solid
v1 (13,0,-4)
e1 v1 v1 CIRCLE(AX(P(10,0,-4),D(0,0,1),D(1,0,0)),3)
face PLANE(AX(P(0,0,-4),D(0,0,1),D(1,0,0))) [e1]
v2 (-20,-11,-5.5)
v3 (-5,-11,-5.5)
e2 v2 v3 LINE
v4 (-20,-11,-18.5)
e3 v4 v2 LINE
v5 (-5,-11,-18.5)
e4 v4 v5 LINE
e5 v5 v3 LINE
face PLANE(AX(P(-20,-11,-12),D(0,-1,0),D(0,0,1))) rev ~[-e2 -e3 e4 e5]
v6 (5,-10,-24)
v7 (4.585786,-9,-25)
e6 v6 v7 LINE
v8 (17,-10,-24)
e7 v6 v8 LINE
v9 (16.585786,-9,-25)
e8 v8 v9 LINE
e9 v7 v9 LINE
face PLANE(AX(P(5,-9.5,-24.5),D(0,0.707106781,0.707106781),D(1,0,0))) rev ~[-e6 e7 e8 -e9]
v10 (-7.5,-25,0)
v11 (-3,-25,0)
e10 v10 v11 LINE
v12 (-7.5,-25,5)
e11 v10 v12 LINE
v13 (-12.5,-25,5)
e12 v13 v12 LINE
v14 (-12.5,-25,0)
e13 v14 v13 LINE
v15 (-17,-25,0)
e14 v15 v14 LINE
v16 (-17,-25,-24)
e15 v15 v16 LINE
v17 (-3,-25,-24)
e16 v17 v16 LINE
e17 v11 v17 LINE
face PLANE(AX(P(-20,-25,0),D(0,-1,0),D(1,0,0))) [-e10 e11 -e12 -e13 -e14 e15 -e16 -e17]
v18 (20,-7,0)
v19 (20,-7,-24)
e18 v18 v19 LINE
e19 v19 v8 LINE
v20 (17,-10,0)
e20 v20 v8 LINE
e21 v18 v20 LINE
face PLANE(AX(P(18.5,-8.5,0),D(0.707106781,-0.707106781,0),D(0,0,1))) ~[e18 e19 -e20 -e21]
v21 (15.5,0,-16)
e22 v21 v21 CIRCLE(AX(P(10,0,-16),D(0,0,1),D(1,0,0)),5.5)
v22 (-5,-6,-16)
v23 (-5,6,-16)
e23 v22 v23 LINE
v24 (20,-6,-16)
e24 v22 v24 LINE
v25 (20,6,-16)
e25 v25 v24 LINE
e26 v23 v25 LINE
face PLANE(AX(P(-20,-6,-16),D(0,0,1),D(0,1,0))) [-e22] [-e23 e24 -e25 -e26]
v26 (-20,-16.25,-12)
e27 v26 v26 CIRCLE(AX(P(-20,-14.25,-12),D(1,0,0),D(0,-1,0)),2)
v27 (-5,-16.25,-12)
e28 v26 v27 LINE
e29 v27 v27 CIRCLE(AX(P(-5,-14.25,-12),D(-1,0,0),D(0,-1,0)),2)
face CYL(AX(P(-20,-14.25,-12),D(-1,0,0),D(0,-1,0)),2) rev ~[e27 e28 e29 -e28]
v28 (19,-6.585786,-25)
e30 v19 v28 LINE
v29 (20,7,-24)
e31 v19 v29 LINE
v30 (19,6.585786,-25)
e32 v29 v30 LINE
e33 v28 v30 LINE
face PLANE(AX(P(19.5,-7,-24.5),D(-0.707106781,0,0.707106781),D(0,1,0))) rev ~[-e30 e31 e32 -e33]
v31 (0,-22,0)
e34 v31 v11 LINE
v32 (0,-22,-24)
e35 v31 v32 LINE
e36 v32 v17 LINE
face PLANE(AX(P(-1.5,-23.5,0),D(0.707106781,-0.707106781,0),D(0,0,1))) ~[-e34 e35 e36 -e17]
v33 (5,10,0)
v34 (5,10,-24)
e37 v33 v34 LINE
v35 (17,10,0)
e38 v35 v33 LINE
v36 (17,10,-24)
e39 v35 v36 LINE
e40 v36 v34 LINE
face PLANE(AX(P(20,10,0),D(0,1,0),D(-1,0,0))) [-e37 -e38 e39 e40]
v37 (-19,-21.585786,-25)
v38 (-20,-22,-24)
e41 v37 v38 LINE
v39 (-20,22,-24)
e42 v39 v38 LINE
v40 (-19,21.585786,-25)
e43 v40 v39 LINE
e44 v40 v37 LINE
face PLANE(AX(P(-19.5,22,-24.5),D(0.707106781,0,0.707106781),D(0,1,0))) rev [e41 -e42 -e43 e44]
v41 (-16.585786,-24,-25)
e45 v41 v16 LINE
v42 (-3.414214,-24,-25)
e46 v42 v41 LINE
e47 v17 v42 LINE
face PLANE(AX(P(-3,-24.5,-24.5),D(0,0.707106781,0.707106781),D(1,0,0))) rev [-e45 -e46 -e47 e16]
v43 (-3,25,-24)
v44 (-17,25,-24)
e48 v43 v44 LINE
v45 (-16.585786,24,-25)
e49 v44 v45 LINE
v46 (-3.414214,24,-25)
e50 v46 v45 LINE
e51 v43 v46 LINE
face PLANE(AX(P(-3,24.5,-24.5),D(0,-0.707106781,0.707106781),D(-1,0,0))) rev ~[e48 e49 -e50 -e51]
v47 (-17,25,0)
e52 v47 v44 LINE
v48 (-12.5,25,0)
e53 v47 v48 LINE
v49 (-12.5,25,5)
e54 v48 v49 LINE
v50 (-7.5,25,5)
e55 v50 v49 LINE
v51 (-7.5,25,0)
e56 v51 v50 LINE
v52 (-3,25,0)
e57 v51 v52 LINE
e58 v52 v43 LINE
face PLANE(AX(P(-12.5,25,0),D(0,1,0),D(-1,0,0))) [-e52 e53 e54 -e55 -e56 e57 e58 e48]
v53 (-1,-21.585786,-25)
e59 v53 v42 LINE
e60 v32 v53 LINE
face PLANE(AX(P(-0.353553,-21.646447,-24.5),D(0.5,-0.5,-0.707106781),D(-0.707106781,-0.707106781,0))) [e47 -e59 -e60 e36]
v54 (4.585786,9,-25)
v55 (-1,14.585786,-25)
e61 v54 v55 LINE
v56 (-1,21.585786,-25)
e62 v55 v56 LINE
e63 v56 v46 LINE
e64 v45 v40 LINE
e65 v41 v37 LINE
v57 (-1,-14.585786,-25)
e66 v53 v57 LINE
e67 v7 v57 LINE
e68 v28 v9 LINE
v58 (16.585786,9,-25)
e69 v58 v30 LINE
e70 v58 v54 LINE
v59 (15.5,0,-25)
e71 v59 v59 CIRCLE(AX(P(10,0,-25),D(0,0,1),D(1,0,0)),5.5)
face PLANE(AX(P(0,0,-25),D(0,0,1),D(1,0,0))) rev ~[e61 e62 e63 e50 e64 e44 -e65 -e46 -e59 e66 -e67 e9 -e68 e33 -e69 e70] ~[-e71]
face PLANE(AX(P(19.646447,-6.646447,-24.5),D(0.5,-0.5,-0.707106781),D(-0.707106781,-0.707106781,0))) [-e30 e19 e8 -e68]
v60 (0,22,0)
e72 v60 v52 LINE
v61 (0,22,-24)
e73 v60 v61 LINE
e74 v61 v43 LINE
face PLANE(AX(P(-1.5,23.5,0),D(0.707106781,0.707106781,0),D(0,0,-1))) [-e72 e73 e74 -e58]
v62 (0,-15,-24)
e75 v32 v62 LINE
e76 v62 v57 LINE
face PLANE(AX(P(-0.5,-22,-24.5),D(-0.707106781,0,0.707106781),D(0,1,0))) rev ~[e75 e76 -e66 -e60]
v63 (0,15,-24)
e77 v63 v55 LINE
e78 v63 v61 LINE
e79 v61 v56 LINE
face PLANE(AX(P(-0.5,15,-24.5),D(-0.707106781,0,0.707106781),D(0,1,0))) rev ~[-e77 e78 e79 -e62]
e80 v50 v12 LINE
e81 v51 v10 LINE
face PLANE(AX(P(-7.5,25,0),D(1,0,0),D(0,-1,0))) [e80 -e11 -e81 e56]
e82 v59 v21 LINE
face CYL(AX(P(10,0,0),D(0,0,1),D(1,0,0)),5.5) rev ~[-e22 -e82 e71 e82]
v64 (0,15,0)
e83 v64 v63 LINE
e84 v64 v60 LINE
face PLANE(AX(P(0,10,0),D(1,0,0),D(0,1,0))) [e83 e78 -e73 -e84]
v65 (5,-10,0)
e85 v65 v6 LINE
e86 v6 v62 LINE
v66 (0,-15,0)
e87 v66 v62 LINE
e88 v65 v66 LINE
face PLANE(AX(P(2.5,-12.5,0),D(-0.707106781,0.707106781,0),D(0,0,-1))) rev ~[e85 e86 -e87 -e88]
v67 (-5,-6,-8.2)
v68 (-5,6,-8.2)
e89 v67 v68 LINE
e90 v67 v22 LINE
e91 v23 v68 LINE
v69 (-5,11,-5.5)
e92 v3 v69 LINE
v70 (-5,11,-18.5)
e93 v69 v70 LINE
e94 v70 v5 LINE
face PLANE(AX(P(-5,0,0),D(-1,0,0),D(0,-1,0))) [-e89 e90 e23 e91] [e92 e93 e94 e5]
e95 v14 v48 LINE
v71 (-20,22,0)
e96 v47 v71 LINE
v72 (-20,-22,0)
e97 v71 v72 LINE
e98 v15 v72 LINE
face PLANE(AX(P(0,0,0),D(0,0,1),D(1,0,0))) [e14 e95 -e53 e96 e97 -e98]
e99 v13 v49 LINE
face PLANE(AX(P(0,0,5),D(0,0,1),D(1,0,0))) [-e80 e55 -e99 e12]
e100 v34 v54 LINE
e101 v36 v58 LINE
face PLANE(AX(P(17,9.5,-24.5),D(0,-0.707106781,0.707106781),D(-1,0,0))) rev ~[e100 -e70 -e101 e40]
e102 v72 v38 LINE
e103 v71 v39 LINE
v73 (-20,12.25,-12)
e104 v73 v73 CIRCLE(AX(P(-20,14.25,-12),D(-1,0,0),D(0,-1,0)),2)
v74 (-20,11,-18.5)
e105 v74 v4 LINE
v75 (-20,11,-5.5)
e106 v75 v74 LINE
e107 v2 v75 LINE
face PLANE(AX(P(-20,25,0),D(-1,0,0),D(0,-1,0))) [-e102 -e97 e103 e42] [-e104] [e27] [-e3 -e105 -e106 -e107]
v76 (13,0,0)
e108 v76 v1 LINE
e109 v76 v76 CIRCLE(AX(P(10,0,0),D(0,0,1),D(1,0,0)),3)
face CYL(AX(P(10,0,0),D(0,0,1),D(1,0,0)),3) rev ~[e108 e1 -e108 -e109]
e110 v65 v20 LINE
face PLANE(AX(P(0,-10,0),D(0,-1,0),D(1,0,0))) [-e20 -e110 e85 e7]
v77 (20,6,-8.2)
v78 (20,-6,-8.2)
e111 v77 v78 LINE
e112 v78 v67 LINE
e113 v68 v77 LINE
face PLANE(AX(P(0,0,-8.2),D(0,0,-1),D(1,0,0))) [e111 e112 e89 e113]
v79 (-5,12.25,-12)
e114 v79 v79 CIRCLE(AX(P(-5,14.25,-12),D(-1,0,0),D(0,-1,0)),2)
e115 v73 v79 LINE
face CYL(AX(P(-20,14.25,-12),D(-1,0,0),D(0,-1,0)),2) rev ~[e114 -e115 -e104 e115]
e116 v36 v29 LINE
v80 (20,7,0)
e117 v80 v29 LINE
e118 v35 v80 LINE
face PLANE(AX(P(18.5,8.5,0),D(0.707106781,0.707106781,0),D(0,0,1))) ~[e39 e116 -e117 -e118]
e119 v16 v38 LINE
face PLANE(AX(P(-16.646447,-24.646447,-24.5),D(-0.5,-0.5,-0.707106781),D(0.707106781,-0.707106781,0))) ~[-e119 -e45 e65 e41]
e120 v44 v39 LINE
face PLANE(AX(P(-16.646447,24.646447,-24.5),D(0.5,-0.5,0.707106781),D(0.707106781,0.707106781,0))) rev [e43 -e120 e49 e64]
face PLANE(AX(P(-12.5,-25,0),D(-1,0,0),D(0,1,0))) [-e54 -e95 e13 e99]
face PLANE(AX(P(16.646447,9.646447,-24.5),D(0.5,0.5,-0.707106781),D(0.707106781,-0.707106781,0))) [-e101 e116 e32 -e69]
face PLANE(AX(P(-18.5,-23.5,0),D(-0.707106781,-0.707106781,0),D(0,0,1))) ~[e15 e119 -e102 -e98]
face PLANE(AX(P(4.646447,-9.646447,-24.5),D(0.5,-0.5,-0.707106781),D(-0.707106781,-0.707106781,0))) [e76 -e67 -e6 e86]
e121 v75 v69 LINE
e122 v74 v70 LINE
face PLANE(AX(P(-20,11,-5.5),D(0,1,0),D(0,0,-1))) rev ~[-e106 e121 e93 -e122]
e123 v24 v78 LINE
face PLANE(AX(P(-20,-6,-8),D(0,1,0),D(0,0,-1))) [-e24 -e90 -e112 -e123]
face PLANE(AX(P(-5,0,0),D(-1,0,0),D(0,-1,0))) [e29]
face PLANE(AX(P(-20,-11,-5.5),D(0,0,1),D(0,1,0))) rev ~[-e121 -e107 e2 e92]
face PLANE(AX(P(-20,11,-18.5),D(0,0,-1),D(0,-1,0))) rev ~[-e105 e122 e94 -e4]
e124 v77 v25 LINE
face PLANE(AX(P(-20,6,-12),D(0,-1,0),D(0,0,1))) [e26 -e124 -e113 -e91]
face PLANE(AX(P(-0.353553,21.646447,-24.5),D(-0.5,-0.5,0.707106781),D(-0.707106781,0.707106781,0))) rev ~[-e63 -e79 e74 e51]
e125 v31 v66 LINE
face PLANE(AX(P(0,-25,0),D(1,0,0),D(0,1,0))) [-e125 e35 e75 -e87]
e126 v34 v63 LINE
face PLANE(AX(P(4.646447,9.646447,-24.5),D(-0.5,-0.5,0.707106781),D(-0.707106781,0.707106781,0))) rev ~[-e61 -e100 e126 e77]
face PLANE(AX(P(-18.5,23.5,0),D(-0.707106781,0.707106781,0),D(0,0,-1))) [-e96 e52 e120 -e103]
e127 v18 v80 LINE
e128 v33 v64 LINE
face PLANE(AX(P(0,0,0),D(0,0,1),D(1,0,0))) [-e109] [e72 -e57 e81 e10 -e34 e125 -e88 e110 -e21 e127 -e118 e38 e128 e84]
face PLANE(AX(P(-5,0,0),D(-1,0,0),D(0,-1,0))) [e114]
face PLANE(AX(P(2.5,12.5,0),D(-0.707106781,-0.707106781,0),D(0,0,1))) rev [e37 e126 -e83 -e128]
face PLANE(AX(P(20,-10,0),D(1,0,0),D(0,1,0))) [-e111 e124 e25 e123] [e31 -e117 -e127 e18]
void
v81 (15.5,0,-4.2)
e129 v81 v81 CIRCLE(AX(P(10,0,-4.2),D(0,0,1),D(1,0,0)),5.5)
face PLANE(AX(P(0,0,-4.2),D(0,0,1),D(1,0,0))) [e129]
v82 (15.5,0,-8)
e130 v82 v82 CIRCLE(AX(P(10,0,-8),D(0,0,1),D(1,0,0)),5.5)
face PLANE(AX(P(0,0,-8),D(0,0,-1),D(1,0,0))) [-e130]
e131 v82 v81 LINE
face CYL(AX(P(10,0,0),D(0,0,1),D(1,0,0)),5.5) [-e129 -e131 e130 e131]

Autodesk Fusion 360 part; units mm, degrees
sketch "Szkic1" plane through (0, 0, 0) normal (0, 0, 1) x (1, 0, 0)
  line L0 (-20, 25) -> (-20, -25)
  line L1 (-20, -25) -> (0, -25)
  line L2 (0, -25) -> (0, 25)
  line L3 (0, 25) -> (-20, 25)
  line L4 (0, 10) -> (0, -10)
  line L5 (0, -10) -> (20, -10)
  line L6 (20, -10) -> (20, 10)
  line L7 (20, 10) -> (0, 10)
  circle A0 centre (10, 0) radius 3
  circle A1 centre (10, 0) radius 5.5
  line L8 (-12.5, 25) -> (-7.5, 25)
  line L9 (-7.5, 25) -> (-7.5, -25)
  line L10 (-7.5, -25) -> (-12.5, -25)
  line L11 (-12.5, -25) -> (-12.5, 25)
  dimension "d1" = 6
  dimension "d2" = 11
extrude "Wyciągnięcie proste1" add sketch "Szkic1" against normal blind 25 contours L0 L1 L3 L11 | L1 L3 L8 L9 L10 L11 | L1 L2 L3 L4 L9 | L2 L4 L5 L6 L7
extrude "Wyciągnięcie proste2" add sketch "Szkic1" against normal blind 4.2 contours A0 | A1
extrude "Wyciągnięcie proste3" cut sketch "Szkic1" against normal blind 4 contours A0
extrude "Wyciągnięcie proste4" add sketch "Szkic1" along normal blind 5 contours L1 L3 L8 L9 L10 L11
chamfer "Fazowanie1" distance 5 angle 45 1 edges at (0, -10, -12.5)
chamfer "Fazowanie2" distance 5 angle 45 1 edges at (0, 10, -12.5)
chamfer "Fazowanie3" distance 3 angle 45 6 edges at (20, 10, -12.5) (20, -10, -12.5) (0, 25, -12.5) (-20, 25, -12.5) (-20, -25, -12.5) (0, -25, -12.5)
chamfer "Fazowanie4" distance 1 angle 45 1 faces at (-11.8333, 0, -25)
delete_face "Usuń powierzchnię1" 1 faces at (16.159, -0.3074, -24.6667)
sketch "Szkic2" plane through (-20, 0, 0) normal (-1, 0, 0) x (0, -1, 0)
  line L0 (-22, -24) -> (22, -24)
  line L1 (22, -24) -> (22, 0)
  line L2 (22, 0) -> (-22, 0)
  line L3 (-22, 0) -> (-22, -24)
  line L4 (0, -12) -> (12.5, -12)
  line L5 (0, -12) -> (-12.5, -12)
  line L6 (0, -12) -> (12.5, -12)
  line L7 (0, -12) -> (-12.5, -12)
  line L8 (17.5, -4.5) -> (-17.5, -4.5)
  line L9 (-17.5, -4.5) -> (-17.5, -19.5)
  line L10 (-17.5, -19.5) -> (17.5, -19.5)
  line L11 (17.5, -19.5) -> (17.5, -4.5)
  line L12 (17.5, -4.5) -> (-17.5, -19.5) construction
  line L13 (-17.5, -4.5) -> (17.5, -19.5) construction
  line L14 (11, -5.5) -> (-11, -5.5)
  line L15 (-11, -5.5) -> (-11, -18.5)
  line L16 (-11, -18.5) -> (11, -18.5)
  line L17 (11, -18.5) -> (11, -5.5)
  line L18 (11, -5.5) -> (-11, -18.5) construction
  line L19 (-11, -5.5) -> (11, -18.5) construction
  circle A0 centre (-14.25, -12) radius 2
  circle A1 centre (14.25, -12) radius 2
  line L20 (6, -16) -> (-6, -16)
  line L21 (-6, -16) -> (-6, -8)
  line L22 (-6, -8) -> (6, -8)
  line L23 (6, -8) -> (6, -16)
  line L24 (6, -16) -> (-6, -8) construction
  line L25 (-6, -16) -> (6, -8) construction
  point P0 (0, -12)
  point P1 (0, -12)
  point P2 (0, -12)
  dimension "d15" = 12.5
  dimension "d16" = 12.5
  dimension "d18" = 4
  dimension "d19" = 4
extrude "Wyciągnięcie proste5" cut sketch "Szkic2" against normal blind 15 contours L4 L5 L6 L7 L21 L22 L23 | L4 L5 L6 L7 L20 L21 L23 | L4 L5 L6 L7 L14 L15 L17 L21 L22 L23 | L4 L5 L6 L7 L15 L16 L17 L20 L21 L23
extrude "Wyciągnięcie proste6" cut sketch "Szkic2" against normal blind 300 contours L4 L5 L6 L7 L21 L22 L23 | L4 L5 L6 L7 L20 L21 L23
extrude "Wyciągnięcie proste7" cut sketch "Szkic2" against normal blind 15 contours A1 | A0
sketch "Szkic3" plane through (0, 0, -8) normal (0, 0, -1) x (1, 0, 0)
  line L0 (-5, 6) -> (-5, -6)
  line L1 (-5, -6) -> (20, -6)
  line L2 (20, -6) -> (20, 6)
  line L3 (20, 6) -> (-5, 6)
  circle A0 centre (10, 0) radius 5.5
extrude "Wyciągnięcie proste8" add sketch "Szkic3" along normal blind 0.2 contours L0 L1 L2 L3 | A0
